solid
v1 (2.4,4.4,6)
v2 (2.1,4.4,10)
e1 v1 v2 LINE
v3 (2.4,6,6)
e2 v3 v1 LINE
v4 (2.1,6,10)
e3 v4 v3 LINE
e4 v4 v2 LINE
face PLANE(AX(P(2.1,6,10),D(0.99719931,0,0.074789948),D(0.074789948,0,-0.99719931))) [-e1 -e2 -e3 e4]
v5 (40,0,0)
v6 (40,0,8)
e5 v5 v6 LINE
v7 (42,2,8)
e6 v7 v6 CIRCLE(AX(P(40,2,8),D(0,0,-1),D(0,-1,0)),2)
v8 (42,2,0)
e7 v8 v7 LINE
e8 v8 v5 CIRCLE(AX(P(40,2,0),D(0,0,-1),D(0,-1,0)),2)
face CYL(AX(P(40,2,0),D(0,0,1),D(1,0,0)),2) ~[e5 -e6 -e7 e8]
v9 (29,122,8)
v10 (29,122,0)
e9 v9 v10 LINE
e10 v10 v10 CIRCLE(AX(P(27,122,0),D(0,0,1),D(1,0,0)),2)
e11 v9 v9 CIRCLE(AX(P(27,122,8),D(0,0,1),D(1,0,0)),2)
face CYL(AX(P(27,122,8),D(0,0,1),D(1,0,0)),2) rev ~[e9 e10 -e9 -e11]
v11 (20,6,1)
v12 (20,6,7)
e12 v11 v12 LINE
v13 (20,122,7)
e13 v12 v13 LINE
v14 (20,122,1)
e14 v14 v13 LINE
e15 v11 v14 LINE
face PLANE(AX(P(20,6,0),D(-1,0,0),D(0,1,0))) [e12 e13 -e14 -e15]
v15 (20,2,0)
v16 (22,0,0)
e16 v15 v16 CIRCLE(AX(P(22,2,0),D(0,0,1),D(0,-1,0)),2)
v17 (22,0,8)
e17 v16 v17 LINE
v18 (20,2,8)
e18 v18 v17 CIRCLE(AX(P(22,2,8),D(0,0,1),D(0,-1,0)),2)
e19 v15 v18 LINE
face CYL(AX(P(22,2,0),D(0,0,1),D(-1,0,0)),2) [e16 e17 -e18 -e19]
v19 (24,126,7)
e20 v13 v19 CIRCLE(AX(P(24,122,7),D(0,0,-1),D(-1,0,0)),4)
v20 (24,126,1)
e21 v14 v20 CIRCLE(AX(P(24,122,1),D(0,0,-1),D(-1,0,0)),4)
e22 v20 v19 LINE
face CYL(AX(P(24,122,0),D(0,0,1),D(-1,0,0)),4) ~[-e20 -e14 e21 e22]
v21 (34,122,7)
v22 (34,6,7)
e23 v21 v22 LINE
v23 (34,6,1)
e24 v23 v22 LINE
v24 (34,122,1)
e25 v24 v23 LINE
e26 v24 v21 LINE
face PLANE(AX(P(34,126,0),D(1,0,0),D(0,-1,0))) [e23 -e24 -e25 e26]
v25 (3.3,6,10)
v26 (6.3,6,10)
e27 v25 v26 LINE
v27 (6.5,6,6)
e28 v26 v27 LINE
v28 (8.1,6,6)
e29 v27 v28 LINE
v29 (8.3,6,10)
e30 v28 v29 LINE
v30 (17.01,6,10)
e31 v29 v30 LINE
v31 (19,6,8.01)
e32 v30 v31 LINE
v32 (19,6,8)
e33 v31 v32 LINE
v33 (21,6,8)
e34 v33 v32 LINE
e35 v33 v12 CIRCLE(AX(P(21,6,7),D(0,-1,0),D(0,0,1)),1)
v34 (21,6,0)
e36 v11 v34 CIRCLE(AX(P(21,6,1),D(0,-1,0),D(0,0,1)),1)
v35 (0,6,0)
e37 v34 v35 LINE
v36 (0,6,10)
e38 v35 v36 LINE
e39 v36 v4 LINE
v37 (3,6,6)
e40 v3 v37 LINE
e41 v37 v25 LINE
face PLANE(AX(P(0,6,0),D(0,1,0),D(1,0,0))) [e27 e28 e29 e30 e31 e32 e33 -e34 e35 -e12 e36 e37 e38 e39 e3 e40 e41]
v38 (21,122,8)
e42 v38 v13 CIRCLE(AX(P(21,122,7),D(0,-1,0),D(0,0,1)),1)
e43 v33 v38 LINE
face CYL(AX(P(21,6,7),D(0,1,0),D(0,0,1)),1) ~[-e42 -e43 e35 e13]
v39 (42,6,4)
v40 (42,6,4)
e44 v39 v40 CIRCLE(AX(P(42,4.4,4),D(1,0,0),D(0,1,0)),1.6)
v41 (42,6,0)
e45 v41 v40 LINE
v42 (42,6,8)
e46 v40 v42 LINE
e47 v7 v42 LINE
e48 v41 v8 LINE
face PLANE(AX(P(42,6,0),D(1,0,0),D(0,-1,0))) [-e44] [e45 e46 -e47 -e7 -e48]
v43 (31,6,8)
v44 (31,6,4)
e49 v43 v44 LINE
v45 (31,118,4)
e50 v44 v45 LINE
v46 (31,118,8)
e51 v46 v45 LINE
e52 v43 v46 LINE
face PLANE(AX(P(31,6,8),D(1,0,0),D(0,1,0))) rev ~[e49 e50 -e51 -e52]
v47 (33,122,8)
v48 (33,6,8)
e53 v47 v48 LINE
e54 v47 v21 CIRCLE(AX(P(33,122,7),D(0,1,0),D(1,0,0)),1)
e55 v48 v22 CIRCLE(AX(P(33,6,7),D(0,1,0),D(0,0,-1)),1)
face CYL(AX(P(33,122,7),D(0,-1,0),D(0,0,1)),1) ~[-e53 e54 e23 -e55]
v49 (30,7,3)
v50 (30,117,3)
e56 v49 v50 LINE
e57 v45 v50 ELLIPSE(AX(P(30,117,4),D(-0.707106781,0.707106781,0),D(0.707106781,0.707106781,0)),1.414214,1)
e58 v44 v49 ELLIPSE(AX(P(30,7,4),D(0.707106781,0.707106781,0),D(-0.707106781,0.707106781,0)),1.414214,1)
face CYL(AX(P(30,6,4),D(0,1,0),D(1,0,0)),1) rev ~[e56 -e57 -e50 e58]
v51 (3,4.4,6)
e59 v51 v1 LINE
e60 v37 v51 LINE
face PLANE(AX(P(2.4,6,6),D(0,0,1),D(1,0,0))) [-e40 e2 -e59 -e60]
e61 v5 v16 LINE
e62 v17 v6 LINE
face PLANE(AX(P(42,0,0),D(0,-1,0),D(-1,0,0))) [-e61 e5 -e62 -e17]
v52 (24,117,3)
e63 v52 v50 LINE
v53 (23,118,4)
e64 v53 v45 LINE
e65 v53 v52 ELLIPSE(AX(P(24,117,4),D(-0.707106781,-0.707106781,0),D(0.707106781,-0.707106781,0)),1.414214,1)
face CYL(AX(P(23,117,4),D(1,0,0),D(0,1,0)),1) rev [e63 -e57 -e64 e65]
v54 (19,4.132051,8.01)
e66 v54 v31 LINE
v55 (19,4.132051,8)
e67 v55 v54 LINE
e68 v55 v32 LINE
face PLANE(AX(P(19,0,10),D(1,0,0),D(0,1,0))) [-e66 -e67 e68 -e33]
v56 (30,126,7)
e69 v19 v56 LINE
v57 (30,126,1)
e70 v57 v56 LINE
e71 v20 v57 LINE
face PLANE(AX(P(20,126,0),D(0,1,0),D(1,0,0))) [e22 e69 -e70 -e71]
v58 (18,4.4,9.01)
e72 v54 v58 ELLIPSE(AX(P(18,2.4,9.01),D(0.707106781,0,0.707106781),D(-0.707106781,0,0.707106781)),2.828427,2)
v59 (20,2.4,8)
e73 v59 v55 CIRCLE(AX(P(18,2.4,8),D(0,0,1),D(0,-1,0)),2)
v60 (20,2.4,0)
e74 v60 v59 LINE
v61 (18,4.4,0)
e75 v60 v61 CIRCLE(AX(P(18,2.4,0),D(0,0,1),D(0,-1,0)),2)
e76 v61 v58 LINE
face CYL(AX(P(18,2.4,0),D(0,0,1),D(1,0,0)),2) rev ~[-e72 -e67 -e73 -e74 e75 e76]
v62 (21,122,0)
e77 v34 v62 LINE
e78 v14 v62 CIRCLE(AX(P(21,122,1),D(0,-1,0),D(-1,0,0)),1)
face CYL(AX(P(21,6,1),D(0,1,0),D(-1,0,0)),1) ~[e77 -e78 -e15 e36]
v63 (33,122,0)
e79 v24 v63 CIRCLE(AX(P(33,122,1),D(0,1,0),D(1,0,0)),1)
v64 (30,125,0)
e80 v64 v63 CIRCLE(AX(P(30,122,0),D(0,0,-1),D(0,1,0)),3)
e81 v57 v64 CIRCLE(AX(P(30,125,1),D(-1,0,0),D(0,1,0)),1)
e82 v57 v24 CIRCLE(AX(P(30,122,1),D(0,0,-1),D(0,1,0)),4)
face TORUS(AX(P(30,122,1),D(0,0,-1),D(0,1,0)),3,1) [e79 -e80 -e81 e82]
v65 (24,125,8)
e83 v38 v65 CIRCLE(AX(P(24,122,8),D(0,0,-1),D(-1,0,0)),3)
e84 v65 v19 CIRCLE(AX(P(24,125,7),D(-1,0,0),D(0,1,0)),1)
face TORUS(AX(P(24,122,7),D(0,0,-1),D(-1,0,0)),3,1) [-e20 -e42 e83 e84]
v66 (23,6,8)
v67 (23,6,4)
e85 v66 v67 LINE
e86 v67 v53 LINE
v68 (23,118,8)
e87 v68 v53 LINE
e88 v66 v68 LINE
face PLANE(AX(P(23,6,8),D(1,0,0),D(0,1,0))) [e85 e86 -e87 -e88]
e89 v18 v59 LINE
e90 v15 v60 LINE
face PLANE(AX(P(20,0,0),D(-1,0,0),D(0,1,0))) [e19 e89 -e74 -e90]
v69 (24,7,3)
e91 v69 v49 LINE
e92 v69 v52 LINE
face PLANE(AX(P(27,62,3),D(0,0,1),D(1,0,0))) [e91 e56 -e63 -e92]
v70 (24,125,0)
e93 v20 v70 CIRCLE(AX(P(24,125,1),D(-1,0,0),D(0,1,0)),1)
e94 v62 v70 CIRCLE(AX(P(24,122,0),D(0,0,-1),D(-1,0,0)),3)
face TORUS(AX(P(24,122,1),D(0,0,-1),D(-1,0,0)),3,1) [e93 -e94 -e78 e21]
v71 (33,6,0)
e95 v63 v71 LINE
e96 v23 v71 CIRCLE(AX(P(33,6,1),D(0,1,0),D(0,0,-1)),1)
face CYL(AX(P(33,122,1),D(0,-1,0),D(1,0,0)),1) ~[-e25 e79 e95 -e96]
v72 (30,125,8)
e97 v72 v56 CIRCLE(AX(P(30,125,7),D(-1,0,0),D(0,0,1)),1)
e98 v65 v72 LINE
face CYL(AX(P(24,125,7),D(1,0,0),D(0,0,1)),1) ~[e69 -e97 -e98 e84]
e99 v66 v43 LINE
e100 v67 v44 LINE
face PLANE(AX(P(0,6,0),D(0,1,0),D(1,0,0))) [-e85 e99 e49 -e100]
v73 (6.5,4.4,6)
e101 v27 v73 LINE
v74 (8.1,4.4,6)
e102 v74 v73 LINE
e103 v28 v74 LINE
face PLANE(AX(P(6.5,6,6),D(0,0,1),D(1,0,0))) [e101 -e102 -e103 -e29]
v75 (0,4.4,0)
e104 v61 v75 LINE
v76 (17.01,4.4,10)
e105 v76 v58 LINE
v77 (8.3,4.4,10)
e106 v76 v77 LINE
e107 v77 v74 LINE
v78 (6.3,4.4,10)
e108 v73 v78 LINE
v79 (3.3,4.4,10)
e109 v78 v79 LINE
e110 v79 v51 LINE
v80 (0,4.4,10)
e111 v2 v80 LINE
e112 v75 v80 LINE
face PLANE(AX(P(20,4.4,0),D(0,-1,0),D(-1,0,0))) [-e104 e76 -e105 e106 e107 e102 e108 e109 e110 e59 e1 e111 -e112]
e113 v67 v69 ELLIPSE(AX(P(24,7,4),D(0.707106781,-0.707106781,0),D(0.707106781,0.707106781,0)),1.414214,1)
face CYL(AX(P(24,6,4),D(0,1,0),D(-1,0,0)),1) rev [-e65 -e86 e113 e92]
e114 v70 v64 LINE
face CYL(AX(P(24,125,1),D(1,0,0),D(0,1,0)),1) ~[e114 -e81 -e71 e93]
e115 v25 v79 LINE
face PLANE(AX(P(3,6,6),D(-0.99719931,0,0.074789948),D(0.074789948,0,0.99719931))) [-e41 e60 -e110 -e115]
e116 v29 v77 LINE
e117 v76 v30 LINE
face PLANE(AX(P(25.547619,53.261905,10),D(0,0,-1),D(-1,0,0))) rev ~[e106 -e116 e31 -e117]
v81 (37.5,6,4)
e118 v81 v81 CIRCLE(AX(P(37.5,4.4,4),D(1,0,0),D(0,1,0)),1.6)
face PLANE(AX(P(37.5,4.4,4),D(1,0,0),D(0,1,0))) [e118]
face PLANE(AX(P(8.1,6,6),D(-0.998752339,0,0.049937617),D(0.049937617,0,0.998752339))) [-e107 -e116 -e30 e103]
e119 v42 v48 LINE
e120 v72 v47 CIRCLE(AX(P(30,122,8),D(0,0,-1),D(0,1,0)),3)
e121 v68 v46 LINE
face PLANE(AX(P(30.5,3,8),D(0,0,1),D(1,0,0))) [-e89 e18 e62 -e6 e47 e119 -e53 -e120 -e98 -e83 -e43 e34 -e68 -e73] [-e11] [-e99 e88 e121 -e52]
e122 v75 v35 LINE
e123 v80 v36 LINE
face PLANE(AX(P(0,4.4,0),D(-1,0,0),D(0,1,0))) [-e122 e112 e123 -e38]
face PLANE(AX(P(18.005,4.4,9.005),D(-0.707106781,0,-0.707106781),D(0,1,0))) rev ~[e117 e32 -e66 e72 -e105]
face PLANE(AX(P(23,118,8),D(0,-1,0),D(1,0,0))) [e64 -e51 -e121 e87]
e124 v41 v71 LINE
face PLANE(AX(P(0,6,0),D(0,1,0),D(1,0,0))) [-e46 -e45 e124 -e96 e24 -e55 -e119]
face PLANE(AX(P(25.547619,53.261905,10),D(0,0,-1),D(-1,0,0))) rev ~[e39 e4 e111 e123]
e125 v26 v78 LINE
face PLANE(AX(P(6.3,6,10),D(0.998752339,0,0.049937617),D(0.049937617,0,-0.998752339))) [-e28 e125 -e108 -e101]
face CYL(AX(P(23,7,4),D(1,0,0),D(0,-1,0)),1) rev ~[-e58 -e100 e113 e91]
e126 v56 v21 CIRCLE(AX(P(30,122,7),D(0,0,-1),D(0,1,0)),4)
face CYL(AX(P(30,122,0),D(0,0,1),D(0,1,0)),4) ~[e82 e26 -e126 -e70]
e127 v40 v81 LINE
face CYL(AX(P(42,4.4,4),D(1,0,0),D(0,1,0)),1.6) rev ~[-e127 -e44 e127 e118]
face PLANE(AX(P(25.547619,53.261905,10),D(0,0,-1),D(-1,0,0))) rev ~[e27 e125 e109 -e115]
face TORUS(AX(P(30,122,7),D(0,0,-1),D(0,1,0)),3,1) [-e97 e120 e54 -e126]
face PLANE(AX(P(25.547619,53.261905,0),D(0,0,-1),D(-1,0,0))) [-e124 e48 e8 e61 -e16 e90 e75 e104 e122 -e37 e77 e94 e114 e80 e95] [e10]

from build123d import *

# Parameters (mm, degrees)
PAD_DEPTH       = 10
SKETCH001_W     = 14
SKETCH001_H     = 120
POCKET_DEPTH    = 2
SKETCH002_W     = 8
SKETCH002_H     = 112
POCKET001_DEPTH = 5
SKETCH003_W     = 23
SKETCH003_H     = 6
POCKET002_DEPTH = 2
SKETCH004_R     = 2
POCKET003_DEPTH = 8.001
FILLET_R        = 1
FILLET001_R     = 4
FILLET002_R     = 1
CHAMFER_SIZE    = 1.99
FILLET003_R     = 2
FILLET004_R     = 2
POCKET004_DEPTH = 6.001
SKETCH006_R     = 1.6
POCKET005_DEPTH = 4.5


with BuildPart() as part:
    # Sketch → Pad (new body)
    with BuildSketch(Plane.XY):
        Polygon((0, 6), (20, 6), (20, 126), (34, 126), (34, 6), (42, 6), (42, 0), (20, 0), (20, 4.4), (0, 4.4), align=None)
    extrude(amount=PAD_DEPTH)

    # Sketch001 (on DatumPlane) → Pocket (cut)
    with BuildSketch(Plane.XY.offset(10)):
        with Locations((27, 66)):
            Rectangle(SKETCH001_W, SKETCH001_H)
    extrude(amount=-POCKET_DEPTH, mode=Mode.SUBTRACT)

    # Sketch002 (on DatumPlane) → Pocket001 (cut)
    with BuildSketch(Plane.XY.offset(8)):
        with Locations((27, 62)):
            Rectangle(SKETCH002_W, SKETCH002_H)
    extrude(amount=-POCKET001_DEPTH, mode=Mode.SUBTRACT)

    # Sketch003 (on DatumPlane) → Pocket002 (cut)
    with BuildSketch(Plane.XY.offset(10)):
        with Locations((30.5, 3)):
            Rectangle(SKETCH003_W, SKETCH003_H)
    extrude(amount=-POCKET002_DEPTH, mode=Mode.SUBTRACT)

    # Sketch004 (on DatumPlane) → Pocket003 (cut, through all)
    with BuildSketch(Plane.XY.offset(8)):
        with Locations((27, 122)):
            Circle(SKETCH004_R)
    extrude(amount=-POCKET003_DEPTH, mode=Mode.SUBTRACT)

    # Fillet
    fillet_edges = [part.edges().sort_by_distance(p)[0] for p in [
        (27, 118, 3),
        (31, 62, 3),
        (27, 6, 3),
        (23, 62, 3),
    ]]
    fillet(fillet_edges, radius=FILLET_R)

    # Fillet001
    fillet001_edges = [part.edges().sort_by_distance(p)[0] for p in [
        (20, 126, 4),
        (34, 126, 4),
    ]]
    fillet(fillet001_edges, radius=FILLET001_R)

    # Fillet002
    fillet002_edges = [part.edges().sort_by_distance(p)[0] for p in [
        (20, 64, 8),
        (34, 64, 8),
        (34, 64, 0),
        (20, 64, 0),
    ]]
    fillet(fillet002_edges, radius=FILLET002_R)

    # Chamfer
    chamfer_edges = [part.edges().sort_by_distance(p)[0] for p in [
        (19, 5.2, 10),
    ]]
    chamfer(chamfer_edges, length=CHAMFER_SIZE)

    # Fillet003
    fillet003_edges = [part.edges().sort_by_distance(p)[0] for p in [
        (20, 0, 4),
        (42, 0, 4),
    ]]
    fillet(fillet003_edges, radius=FILLET003_R)

    # Fillet004
    fillet004_edges = [part.edges().sort_by_distance(p)[0] for p in [
        (20, 4.4, 4),
    ]]
    fillet(fillet004_edges, radius=FILLET004_R)

    # Sketch005 (on DatumPlane) → Pocket004 (cut, through all)
    with BuildSketch(Plane(origin=(0, 6, 0), x_dir=(-1, 0, 0), z_dir=(0, 1, 0))):
        Polygon((-3.3, 10), (-2.1, 10), (-2.4, 6), (-3, 6), align=None)
        Polygon((-8.3, 10), (-6.3, 10), (-6.5, 6), (-8.1, 6), align=None)
    extrude(amount=-POCKET004_DEPTH, mode=Mode.SUBTRACT)

    # Sketch006 (on DatumPlane) → Pocket005 (cut)
    with BuildSketch(Plane.YZ.offset(42)):
        with Locations((4.4, 4)):
            Circle(SKETCH006_R)
    extrude(amount=-POCKET005_DEPTH, mode=Mode.SUBTRACT)


solid = part.part
